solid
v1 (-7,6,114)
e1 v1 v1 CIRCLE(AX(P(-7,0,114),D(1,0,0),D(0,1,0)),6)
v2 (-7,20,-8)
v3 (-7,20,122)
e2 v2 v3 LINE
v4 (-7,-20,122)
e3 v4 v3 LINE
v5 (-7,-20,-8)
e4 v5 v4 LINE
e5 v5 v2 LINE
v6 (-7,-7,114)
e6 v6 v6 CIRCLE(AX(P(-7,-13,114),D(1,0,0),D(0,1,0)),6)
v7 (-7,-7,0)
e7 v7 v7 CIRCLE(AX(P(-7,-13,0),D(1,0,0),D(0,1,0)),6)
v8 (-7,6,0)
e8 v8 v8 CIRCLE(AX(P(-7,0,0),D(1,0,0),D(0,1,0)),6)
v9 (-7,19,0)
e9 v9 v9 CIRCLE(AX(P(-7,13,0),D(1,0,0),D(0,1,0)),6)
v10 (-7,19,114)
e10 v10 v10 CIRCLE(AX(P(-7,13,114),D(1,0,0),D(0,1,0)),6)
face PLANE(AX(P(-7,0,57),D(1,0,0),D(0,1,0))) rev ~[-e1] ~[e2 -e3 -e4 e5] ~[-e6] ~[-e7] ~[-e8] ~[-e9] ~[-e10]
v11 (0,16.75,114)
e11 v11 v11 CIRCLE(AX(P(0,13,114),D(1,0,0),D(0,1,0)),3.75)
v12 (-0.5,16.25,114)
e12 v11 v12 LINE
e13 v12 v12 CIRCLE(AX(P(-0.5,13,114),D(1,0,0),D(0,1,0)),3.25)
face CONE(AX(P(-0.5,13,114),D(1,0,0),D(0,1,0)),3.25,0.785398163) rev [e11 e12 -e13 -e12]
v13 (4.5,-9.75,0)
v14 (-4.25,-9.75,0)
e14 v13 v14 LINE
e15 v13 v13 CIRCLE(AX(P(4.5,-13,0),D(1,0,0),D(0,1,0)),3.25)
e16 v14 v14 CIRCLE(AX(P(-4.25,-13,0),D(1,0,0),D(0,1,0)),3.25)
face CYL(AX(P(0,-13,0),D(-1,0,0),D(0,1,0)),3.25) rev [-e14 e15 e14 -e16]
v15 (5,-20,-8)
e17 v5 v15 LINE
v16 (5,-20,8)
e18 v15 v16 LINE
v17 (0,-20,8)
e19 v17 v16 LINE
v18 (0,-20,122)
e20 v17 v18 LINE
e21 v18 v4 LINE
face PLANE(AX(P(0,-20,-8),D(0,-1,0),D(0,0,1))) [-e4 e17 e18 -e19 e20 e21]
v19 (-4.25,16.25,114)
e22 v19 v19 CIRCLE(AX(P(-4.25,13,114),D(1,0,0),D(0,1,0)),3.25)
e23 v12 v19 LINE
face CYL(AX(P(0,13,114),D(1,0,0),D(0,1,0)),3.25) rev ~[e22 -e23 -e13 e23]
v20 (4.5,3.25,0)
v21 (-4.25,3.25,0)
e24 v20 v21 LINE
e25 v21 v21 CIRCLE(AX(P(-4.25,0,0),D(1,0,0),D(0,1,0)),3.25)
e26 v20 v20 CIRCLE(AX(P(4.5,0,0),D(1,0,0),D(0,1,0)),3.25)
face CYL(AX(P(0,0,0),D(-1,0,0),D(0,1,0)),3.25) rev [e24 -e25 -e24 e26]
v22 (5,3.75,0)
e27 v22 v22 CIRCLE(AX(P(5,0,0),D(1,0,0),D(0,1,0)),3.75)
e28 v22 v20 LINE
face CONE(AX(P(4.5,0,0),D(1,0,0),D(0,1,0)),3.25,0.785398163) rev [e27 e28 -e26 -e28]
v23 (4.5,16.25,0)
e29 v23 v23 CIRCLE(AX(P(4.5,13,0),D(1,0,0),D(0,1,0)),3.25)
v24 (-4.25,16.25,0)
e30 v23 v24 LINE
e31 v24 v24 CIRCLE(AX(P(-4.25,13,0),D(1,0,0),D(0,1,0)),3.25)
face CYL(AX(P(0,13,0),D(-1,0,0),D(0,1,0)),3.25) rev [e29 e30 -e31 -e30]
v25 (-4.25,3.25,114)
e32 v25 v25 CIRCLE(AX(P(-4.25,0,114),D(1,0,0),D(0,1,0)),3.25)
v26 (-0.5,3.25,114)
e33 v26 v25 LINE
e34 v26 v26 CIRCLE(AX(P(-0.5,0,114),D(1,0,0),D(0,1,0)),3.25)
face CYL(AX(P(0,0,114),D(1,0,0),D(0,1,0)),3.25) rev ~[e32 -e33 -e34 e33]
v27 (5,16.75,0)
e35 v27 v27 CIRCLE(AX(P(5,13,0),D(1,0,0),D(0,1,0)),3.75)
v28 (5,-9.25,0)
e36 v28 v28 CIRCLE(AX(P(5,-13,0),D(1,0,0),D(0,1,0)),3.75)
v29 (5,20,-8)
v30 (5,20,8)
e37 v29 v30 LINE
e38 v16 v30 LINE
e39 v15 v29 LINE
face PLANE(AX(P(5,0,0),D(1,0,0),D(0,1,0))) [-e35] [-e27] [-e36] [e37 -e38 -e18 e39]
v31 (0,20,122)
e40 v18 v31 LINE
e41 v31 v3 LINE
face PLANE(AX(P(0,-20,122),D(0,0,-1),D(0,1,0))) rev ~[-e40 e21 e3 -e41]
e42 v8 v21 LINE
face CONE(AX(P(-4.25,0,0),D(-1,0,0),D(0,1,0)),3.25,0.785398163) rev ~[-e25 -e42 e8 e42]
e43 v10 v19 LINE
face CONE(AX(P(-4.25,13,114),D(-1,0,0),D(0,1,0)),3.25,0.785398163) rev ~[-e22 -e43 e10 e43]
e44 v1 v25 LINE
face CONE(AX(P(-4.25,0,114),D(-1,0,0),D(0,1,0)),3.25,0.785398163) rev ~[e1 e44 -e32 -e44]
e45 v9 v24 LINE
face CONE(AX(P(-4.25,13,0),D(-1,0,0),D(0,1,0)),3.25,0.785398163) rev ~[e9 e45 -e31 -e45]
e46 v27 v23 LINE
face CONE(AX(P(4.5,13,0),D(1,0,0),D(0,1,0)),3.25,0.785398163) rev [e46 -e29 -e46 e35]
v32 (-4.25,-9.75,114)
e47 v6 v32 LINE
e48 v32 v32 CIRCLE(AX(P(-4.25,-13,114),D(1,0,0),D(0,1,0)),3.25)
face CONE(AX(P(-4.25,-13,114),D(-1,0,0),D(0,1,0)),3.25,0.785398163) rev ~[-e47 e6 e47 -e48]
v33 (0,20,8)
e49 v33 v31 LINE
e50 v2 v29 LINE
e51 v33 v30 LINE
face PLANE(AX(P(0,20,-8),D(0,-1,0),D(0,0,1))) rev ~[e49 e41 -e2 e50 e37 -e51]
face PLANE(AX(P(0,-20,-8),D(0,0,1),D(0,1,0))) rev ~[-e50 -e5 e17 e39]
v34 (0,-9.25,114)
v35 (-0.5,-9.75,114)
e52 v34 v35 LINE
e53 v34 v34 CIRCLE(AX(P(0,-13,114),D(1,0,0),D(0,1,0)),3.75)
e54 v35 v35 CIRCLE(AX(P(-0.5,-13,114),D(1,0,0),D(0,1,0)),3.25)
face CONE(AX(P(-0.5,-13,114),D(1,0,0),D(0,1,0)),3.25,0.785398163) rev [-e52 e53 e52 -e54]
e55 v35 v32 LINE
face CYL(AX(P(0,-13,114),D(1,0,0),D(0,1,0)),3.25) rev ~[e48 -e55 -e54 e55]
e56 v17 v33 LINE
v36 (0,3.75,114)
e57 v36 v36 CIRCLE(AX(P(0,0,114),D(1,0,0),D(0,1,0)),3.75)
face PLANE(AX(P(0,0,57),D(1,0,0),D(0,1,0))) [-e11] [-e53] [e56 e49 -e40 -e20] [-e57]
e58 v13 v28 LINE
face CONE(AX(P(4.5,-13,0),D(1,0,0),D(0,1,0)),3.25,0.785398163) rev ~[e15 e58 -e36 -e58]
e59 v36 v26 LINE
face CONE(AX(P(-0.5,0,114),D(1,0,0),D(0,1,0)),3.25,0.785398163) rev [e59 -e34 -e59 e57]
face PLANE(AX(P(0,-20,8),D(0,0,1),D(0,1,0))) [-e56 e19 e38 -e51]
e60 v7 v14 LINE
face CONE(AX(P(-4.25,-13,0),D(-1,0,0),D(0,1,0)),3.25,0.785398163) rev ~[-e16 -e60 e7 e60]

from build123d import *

# Parameters (mm, degrees)
F0_W     = 40
F0_H     = 130
F0_R     = 3.25
F1_DEPTH = 7
F2_W     = 40
F2_H     = 16
F2_R     = 3.25
F3_DEPTH = 5
F4_SIZE  = 2.75
F5_SIZE  = 0.5


with BuildPart() as f1:
    # F0 (on Right) → F1 (new body)
    with BuildSketch(Plane.YZ):
        with Locations((0, 57)):
            Rectangle(F0_W, F0_H)
        with Locations((-13, 0)):
            Circle(F0_R, mode=Mode.SUBTRACT)
        Circle(F0_R, mode=Mode.SUBTRACT)
        with Locations((13, 0)):
            Circle(F0_R, mode=Mode.SUBTRACT)
        with Locations((-13, 114)):
            Circle(F0_R, mode=Mode.SUBTRACT)
        with Locations((0, 114)):
            Circle(F0_R, mode=Mode.SUBTRACT)
        with Locations((13, 114)):
            Circle(F0_R, mode=Mode.SUBTRACT)
    extrude(amount=-F1_DEPTH)

    # F2 (on face) → F3 (join)
    with BuildSketch(Plane.YZ):
        Rectangle(F2_W, F2_H)
        with Locations((-13, 0)):
            Circle(F2_R, mode=Mode.SUBTRACT)
        Circle(F2_R, mode=Mode.SUBTRACT)
        with Locations((13, 0)):
            Circle(F2_R, mode=Mode.SUBTRACT)
    extrude(amount=F3_DEPTH)

    # F4
    f4_edges = [f1.edges().sort_by_distance(p)[0] for p in [
        (-7, -16.25, 0),
        (-7, -3.25, 0),
        (-7, 9.75, 0),
        (-7, 9.75, 114),
        (-7, -3.25, 114),
        (-7, -16.25, 114),
    ]]
    chamfer(f4_edges, length=F4_SIZE)

    # F5
    f5_edges = [f1.edges().sort_by_distance(p)[0] for p in [
        (5, -16.25, 0),
        (5, -3.25, 0),
        (5, 9.75, 0),
        (0, -16.25, 114),
        (0, -3.25, 114),
        (0, 9.75, 114),
    ]]
    chamfer(f5_edges, length=F5_SIZE)


solid = f1.part
